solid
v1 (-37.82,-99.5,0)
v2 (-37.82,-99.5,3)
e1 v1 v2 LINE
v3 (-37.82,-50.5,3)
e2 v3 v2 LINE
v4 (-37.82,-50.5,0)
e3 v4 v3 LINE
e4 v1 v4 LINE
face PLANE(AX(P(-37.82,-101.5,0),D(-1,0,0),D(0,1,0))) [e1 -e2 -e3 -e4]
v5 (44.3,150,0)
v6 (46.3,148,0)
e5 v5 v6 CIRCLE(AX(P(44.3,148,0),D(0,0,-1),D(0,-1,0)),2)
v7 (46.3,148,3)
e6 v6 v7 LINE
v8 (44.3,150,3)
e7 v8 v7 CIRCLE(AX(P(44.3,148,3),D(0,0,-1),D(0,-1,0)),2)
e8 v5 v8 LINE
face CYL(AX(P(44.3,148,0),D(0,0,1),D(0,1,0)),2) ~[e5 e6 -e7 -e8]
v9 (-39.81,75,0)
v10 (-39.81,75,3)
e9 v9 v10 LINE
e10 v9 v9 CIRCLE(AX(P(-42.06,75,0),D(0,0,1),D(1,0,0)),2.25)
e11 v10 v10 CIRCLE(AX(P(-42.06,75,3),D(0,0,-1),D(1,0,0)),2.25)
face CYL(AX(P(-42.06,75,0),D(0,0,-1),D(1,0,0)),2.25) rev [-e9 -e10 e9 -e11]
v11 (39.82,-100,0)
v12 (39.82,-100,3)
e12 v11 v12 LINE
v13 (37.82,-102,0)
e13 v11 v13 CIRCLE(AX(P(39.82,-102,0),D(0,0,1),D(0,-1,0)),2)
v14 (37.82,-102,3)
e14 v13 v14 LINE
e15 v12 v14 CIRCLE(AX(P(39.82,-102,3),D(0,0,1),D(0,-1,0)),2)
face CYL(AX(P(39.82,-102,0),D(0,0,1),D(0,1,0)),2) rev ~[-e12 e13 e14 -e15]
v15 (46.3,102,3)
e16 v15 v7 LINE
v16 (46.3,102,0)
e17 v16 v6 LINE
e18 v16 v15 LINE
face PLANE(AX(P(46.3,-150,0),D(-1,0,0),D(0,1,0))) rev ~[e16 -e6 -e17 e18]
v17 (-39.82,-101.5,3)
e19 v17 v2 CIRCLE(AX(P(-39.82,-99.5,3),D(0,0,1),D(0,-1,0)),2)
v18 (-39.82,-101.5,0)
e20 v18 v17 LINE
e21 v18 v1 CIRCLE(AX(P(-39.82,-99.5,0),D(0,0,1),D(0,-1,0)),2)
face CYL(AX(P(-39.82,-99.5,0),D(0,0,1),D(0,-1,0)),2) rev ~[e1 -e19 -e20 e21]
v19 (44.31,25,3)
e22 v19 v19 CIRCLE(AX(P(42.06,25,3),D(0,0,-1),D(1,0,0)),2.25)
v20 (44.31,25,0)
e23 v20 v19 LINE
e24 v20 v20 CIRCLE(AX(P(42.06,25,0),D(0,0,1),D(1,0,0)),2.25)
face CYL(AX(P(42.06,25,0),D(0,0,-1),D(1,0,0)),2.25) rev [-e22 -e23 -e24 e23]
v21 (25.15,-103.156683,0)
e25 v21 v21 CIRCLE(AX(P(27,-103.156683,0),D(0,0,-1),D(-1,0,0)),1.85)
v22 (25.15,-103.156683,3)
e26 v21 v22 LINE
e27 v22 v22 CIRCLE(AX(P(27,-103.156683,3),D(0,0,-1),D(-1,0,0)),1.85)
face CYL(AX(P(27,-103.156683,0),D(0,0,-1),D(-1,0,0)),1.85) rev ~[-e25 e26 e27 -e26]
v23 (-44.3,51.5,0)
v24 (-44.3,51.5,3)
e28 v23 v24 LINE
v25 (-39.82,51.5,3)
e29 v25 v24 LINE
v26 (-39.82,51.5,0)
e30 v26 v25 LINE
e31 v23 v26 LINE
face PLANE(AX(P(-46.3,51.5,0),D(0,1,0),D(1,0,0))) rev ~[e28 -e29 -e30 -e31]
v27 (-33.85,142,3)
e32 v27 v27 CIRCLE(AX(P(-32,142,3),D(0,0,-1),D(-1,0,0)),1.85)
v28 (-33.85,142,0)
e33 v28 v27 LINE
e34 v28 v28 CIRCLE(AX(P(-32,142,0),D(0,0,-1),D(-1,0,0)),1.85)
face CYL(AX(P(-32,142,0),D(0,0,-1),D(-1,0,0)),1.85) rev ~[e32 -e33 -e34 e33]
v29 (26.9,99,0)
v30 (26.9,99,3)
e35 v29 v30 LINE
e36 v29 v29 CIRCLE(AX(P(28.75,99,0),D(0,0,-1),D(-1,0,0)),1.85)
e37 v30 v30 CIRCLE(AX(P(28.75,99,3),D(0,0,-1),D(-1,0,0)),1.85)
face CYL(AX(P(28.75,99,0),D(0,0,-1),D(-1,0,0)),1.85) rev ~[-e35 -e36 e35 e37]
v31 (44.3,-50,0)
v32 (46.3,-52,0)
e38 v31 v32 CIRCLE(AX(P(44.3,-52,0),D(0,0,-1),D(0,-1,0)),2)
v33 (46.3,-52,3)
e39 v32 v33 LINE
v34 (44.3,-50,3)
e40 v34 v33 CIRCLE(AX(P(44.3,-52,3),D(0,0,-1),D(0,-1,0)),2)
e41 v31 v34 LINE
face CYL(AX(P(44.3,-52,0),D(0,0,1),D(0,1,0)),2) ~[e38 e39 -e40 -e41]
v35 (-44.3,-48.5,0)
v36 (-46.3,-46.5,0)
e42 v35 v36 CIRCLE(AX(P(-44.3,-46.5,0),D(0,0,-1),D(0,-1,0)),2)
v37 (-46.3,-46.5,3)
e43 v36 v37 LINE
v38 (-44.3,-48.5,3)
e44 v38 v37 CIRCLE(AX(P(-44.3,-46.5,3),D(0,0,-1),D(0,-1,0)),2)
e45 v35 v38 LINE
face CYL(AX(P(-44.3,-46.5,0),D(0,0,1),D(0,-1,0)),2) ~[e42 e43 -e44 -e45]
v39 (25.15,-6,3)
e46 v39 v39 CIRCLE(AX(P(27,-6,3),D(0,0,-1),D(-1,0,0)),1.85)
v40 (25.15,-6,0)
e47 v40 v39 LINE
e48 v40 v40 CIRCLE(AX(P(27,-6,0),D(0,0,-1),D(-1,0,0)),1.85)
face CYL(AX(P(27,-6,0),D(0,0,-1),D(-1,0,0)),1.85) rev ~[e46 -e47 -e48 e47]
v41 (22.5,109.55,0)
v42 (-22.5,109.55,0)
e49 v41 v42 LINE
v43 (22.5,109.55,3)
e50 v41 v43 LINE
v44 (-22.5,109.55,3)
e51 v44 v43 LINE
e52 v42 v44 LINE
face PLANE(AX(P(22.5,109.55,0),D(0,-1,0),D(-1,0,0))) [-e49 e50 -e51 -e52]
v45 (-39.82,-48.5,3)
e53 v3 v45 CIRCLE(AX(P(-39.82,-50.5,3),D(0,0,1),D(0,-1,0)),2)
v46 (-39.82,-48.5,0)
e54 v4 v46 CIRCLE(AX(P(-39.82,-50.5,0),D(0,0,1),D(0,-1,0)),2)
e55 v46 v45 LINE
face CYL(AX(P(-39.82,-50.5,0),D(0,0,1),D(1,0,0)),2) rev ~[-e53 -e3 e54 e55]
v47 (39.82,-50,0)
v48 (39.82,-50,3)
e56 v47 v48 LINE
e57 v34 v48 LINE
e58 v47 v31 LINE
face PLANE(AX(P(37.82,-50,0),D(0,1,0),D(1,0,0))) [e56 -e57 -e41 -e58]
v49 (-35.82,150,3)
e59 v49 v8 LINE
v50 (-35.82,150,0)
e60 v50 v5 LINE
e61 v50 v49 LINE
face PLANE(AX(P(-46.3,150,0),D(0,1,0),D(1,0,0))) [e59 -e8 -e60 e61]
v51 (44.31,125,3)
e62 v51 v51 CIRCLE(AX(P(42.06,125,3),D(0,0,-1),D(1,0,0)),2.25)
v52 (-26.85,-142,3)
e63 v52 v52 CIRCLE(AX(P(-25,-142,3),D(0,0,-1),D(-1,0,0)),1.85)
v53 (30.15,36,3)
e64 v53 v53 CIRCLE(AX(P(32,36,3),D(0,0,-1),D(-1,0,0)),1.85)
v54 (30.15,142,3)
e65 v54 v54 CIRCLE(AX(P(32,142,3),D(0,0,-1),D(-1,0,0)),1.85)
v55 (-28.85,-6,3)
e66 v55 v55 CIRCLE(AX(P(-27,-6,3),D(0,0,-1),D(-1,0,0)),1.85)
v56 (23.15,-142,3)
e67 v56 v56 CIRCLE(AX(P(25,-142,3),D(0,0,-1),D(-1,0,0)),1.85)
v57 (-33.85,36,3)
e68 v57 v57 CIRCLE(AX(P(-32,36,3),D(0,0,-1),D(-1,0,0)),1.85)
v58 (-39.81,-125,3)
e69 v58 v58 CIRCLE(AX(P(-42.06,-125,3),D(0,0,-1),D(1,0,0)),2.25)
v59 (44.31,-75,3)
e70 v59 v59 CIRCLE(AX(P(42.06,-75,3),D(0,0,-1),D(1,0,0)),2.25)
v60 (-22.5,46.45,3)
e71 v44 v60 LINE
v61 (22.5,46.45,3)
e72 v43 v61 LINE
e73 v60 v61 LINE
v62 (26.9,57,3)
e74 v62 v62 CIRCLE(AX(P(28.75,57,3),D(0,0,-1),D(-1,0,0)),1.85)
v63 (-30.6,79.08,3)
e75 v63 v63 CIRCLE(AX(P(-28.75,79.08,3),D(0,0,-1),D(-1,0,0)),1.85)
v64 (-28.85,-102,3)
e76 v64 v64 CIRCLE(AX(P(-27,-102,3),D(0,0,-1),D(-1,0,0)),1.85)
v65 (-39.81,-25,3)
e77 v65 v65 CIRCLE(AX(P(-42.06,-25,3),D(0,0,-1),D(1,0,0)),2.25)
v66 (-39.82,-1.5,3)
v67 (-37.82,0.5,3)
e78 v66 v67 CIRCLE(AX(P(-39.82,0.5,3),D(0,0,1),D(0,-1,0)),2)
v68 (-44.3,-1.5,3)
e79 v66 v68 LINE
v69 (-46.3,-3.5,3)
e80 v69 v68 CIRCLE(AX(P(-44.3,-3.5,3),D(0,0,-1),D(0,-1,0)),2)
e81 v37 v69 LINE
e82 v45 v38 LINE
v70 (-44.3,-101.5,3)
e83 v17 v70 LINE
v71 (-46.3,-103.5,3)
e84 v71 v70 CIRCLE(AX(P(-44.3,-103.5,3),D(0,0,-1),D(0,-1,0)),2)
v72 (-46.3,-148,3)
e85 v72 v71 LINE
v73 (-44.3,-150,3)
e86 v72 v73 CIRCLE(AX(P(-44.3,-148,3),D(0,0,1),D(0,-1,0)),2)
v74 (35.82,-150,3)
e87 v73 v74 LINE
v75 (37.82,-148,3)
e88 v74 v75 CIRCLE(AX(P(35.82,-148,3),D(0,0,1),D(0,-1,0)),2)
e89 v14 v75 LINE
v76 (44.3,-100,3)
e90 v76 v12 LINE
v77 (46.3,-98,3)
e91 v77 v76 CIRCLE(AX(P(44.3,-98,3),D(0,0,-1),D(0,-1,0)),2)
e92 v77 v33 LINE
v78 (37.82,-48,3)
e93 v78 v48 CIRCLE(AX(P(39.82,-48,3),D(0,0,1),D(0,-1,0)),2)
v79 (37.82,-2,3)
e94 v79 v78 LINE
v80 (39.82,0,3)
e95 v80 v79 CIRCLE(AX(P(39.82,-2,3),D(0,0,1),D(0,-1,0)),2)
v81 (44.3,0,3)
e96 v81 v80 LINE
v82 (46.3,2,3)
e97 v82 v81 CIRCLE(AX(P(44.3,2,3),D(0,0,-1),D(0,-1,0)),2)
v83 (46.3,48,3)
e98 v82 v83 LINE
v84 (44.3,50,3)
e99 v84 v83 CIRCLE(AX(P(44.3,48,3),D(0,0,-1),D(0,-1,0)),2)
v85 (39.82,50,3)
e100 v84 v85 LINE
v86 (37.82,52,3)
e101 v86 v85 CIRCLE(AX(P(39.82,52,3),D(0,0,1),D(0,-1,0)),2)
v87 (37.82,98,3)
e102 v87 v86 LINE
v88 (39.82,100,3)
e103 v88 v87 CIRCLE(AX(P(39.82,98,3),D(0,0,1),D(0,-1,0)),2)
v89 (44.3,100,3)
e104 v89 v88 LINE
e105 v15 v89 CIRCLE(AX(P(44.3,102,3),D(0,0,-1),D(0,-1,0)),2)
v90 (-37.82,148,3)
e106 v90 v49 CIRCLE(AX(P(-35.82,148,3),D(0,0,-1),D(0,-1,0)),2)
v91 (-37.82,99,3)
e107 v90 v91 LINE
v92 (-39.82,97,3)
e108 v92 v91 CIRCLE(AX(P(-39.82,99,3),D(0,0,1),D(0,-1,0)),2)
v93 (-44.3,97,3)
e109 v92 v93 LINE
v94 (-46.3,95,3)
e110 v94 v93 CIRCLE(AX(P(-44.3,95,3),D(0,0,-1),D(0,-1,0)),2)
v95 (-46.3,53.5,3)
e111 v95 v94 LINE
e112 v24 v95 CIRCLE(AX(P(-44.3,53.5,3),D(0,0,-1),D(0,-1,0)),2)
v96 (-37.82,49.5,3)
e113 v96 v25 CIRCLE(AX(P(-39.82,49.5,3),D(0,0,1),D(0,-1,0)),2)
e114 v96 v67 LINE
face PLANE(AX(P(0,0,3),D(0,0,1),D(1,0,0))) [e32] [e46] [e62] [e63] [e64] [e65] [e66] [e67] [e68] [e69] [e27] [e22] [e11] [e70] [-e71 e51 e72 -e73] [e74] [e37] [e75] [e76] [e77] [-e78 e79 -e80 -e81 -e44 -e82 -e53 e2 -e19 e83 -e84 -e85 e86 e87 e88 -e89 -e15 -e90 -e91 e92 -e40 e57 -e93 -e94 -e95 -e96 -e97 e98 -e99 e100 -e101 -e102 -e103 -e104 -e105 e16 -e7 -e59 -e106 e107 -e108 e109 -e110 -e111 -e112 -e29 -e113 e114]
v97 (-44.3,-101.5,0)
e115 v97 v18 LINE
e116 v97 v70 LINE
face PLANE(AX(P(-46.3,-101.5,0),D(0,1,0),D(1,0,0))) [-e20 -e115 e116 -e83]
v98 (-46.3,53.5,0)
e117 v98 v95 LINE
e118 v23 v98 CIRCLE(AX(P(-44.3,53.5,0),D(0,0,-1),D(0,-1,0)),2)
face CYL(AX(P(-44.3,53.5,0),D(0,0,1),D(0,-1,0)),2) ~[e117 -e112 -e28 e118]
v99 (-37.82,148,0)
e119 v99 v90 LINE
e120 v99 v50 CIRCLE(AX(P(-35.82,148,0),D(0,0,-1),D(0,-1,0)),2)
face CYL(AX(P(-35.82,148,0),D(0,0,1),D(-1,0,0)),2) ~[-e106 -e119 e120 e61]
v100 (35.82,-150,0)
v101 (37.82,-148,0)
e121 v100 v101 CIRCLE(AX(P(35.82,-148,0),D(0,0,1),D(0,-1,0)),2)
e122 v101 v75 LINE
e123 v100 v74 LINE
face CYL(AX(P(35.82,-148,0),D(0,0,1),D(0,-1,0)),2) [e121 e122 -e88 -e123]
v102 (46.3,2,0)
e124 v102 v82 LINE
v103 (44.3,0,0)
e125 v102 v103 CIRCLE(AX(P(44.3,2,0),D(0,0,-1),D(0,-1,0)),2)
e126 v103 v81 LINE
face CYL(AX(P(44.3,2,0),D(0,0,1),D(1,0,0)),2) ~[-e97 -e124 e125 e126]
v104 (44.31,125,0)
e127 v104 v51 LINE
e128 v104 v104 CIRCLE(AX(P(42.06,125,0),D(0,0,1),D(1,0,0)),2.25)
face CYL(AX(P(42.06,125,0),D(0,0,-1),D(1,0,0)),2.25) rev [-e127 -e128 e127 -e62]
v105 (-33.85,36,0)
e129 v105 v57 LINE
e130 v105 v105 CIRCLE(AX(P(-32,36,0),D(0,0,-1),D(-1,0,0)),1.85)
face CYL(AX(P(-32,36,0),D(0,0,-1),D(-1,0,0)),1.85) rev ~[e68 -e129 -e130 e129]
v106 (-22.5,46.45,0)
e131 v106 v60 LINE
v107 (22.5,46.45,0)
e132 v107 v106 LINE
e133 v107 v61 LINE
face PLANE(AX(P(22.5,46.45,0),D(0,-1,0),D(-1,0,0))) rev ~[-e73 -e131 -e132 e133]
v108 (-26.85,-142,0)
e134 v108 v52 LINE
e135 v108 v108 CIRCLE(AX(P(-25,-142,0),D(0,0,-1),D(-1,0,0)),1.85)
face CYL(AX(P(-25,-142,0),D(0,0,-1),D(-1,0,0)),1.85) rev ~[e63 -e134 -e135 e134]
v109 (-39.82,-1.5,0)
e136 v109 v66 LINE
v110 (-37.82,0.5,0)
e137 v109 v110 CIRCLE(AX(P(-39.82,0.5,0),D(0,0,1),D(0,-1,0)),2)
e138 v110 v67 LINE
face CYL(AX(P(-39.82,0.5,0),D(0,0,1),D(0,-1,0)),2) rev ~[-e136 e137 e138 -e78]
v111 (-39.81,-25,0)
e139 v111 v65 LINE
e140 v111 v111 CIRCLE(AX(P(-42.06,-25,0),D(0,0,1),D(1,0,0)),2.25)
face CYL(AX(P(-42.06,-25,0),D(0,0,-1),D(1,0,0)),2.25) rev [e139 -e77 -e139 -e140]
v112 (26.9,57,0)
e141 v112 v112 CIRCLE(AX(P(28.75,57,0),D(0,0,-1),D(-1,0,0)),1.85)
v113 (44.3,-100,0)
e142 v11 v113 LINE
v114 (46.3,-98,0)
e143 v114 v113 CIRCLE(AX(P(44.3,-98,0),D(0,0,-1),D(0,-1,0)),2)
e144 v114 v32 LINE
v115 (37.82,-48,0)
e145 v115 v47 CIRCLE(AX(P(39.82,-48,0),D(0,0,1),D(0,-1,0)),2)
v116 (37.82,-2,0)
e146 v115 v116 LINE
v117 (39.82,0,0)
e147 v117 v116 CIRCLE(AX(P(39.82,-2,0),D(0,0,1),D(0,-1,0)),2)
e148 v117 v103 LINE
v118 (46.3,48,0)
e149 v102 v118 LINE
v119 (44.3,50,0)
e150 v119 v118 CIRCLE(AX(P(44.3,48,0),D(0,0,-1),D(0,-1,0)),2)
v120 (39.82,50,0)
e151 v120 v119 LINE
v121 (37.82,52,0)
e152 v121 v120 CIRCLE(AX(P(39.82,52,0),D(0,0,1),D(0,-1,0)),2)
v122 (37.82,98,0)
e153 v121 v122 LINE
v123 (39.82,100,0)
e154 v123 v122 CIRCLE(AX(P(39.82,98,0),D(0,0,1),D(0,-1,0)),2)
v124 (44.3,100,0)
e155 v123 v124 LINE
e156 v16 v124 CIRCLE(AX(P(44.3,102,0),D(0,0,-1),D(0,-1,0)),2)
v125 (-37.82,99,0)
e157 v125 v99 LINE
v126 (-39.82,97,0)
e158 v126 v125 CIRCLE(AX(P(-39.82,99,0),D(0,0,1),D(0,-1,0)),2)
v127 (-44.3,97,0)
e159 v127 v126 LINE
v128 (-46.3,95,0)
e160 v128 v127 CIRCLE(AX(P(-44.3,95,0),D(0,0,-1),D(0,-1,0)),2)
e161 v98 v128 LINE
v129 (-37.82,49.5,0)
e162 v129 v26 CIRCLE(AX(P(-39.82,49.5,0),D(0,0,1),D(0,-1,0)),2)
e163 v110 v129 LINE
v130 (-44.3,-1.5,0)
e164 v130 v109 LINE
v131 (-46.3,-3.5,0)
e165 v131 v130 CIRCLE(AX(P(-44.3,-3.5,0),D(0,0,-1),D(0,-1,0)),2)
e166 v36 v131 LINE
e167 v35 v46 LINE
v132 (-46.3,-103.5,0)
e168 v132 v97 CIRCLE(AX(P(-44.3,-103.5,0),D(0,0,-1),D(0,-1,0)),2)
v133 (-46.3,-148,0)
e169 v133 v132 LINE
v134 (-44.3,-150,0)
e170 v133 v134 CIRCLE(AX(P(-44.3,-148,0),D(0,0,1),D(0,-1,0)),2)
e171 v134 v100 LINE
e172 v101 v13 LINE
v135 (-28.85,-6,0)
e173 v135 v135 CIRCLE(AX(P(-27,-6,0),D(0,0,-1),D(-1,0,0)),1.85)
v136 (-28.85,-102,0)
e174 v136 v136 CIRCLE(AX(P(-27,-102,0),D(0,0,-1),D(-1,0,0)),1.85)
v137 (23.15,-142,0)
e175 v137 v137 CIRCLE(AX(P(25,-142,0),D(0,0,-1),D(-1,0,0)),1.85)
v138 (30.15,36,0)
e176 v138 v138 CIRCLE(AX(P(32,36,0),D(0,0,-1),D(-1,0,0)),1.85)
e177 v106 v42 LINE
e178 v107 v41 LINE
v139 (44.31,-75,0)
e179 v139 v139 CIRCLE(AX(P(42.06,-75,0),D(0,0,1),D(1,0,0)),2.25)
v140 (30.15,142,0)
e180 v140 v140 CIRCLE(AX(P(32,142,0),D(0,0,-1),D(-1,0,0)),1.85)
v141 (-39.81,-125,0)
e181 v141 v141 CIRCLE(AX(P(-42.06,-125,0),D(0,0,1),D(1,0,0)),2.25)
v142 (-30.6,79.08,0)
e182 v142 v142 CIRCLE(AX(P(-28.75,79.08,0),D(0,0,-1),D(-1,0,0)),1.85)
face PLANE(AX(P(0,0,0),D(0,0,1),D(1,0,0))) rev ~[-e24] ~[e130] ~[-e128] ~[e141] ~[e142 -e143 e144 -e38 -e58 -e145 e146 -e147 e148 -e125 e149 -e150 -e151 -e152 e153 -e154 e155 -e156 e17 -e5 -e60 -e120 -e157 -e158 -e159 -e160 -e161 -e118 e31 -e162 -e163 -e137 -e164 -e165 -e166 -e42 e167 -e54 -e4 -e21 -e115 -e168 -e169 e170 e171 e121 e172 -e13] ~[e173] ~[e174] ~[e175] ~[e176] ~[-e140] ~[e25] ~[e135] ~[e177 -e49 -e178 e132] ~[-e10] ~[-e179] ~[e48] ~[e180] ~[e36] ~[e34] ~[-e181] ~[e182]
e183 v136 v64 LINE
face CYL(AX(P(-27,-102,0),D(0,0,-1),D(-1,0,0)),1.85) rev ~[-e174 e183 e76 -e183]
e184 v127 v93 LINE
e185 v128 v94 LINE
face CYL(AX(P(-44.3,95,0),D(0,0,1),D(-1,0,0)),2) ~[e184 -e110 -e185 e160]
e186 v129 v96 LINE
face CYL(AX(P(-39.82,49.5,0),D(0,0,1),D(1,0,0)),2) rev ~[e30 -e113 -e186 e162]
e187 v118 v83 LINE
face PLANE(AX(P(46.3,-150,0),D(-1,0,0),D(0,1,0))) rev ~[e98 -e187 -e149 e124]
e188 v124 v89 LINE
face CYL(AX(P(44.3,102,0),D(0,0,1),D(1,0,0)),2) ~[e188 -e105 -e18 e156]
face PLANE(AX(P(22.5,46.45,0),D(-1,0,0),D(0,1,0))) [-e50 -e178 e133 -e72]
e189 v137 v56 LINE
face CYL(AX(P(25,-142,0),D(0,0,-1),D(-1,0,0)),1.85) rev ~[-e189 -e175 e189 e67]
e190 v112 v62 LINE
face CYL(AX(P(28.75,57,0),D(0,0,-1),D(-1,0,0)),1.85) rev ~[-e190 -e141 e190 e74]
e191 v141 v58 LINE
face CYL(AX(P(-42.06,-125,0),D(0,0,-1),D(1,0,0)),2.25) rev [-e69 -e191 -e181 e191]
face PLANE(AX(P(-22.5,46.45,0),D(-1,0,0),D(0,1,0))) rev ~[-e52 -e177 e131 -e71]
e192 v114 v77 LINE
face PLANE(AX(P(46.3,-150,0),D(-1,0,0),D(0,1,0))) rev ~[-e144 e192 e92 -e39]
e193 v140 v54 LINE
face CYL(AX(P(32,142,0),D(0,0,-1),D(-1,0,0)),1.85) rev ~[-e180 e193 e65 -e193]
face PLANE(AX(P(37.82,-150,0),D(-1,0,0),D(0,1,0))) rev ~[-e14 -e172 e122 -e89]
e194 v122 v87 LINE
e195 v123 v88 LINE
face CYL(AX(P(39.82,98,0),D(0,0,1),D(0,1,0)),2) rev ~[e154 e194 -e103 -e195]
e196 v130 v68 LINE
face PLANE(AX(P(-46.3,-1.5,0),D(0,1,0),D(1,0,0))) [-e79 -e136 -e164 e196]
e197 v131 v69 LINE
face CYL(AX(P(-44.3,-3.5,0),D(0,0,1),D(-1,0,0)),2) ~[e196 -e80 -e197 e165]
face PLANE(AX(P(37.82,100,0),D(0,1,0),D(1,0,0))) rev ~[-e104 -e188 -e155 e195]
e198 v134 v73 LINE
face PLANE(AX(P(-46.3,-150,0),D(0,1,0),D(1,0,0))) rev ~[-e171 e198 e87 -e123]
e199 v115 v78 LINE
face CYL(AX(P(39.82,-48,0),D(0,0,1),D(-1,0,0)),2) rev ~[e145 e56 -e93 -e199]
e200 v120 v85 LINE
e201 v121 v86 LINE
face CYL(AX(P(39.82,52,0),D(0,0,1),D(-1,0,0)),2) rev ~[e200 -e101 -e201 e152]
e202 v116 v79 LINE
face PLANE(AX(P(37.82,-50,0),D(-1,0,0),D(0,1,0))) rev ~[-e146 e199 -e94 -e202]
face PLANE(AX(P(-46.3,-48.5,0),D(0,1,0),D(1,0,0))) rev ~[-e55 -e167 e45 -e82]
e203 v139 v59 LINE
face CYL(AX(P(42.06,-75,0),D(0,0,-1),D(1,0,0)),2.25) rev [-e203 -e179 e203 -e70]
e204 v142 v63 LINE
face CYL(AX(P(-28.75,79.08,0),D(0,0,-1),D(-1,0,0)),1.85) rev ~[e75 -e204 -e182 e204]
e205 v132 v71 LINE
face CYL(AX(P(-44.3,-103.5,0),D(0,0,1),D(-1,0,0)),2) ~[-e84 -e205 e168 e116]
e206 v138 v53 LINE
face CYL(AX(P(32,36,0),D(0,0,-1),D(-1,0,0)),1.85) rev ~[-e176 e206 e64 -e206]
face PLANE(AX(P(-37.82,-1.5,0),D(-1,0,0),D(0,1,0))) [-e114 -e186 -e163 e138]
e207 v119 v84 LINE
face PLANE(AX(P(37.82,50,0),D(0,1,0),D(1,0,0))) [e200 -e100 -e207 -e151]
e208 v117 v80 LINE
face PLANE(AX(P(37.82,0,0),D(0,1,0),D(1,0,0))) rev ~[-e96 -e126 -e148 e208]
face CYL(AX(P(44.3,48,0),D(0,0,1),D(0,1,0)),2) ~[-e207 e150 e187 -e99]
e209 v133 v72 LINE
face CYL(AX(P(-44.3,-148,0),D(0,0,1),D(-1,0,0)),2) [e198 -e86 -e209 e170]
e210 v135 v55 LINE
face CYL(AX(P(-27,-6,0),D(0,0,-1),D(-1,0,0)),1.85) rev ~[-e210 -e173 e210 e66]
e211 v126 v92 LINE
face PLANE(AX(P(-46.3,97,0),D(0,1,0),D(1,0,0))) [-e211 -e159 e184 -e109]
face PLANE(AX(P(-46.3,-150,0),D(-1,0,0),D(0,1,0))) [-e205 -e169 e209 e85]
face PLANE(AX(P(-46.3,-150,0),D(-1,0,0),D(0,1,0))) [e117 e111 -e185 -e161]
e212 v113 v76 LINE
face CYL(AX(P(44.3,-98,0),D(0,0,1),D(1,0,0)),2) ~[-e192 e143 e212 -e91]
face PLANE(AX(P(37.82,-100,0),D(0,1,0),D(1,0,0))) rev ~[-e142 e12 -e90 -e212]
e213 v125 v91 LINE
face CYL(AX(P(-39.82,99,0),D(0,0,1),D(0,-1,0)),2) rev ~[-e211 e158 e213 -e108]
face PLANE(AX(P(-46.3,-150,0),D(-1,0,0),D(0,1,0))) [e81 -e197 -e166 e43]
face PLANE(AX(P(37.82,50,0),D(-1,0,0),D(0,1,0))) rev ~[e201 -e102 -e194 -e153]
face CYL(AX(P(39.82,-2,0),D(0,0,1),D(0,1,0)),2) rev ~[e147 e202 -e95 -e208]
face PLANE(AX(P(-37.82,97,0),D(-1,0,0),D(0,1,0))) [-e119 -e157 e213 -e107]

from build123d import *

# Parameters (mm, degrees)
SKETCH1_W           = 92.6
SKETCH1_H           = 300
BOSS_EXTRUDE1_DEPTH = 3
SKETCH2_R           = 2.25
SKETCH2_W           = 8.48
SKETCH2_H           = 53
SKETCH2_H_2         = 50
CUT_EXTRUDE5_DEPTH  = 10
FILLET3_R           = 2
SKETCH4_R           = 1.85
CUT_EXTRUDE6_DEPTH  = 10
SKETCH5_R           = 1.85
CUT_EXTRUDE7_DEPTH  = 5
SKETCH6_W           = 45
SKETCH6_H           = 63.1
CUT_EXTRUDE8_DEPTH  = 10


with BuildPart() as part:
    # Sketch1 → Boss-Extrude1 (new body)
    with BuildSketch(Plane.XY):
        Rectangle(SKETCH1_W, SKETCH1_H)
    extrude(amount=BOSS_EXTRUDE1_DEPTH)

    # Sketch2 → Cut-Extrude5 (cut)
    with BuildSketch(Plane.XY):
        with Locations((-42.06, 75)):
            Circle(SKETCH2_R)
        with Locations((42.06, 125)):
            Circle(SKETCH2_R)
        with Locations((42.06, 25)):
            Circle(SKETCH2_R)
        with Locations((42.06, -75)):
            Circle(SKETCH2_R)
        with Locations((-42.06, -25)):
            Circle(SKETCH2_R)
        with Locations((-42.06, -125)):
            Circle(SKETCH2_R)
        with Locations((-42.06, 123.5)):
            Rectangle(SKETCH2_W, SKETCH2_H)
        with Locations((42.06, 75)):
            Rectangle(SKETCH2_W, SKETCH2_H_2)
        with Locations((42.06, -25)):
            Rectangle(SKETCH2_W, SKETCH2_H_2)
        with Locations((-42.06, 25)):
            Rectangle(SKETCH2_W, SKETCH2_H)
        with Locations((-42.06, -75)):
            Rectangle(SKETCH2_W, SKETCH2_H)
        with Locations((42.06, -125)):
            Rectangle(SKETCH2_W, SKETCH2_H_2)
    extrude(amount=CUT_EXTRUDE5_DEPTH, mode=Mode.SUBTRACT)

    # Fillet3
    fillet3_edges = [part.edges().sort_by_distance(p)[0] for p in [
        (46.3, -100, 1.5),
        (37.82, -100, 1.5),
        (37.82, -150, 1.5),
        (46.3, 50, 1.5),
        (46.3, 100, 1.5),
        (37.82, 100, 1.5),
        (37.82, 50, 1.5),
        (-46.3, -48.5, 1.5),
        (-46.3, -101.5, 1.5),
        (-37.82, -101.5, 1.5),
        (-37.82, -48.5, 1.5),
        (37.82, 0, 1.5),
        (37.82, -50, 1.5),
        (46.3, -50, 1.5),
        (46.3, 0, 1.5),
        (46.3, 150, 1.5),
        (-46.3, 51.5, 1.5),
        (-46.3, -150, 1.5),
        (-46.3, -1.5, 1.5),
        (-37.82, -1.5, 1.5),
        (-37.82, 51.5, 1.5),
        (-46.3, 97, 1.5),
        (-37.82, 97, 1.5),
        (-37.82, 150, 1.5),
    ]]
    fillet(fillet3_edges, radius=FILLET3_R)

    # Sketch4 → Cut-Extrude6 (cut)
    with BuildSketch(Plane(origin=(0, 0, 0), x_dir=(-1, 0, 0), z_dir=(0, 0, -1))):
        with Locations((-25, -142)):
            Circle(SKETCH4_R)
        with Locations((25, -142)):
            Circle(SKETCH4_R)
        with Locations((32, 142)):
            Circle(SKETCH4_R)
        with Locations((-32, 142)):
            Circle(SKETCH4_R)
    extrude(amount=-CUT_EXTRUDE6_DEPTH, mode=Mode.SUBTRACT)

    # Sketch5 → Cut-Extrude7 (cut)
    with BuildSketch(Plane(origin=(0, 0, 0), x_dir=(-1, 0, 0), z_dir=(0, 0, -1))):
        with Locations((-28.75, 99)):
            Circle(SKETCH5_R)
        with Locations((28.75, 79.08)):
            Circle(SKETCH5_R)
        with Locations((-28.75, 57)):
            Circle(SKETCH5_R)
        with Locations((-32, 36)):
            Circle(SKETCH5_R)
        with Locations((32, 36)):
            Circle(SKETCH5_R)
        with Locations((-27, -6)):
            Circle(SKETCH5_R)
        with Locations((27, -6)):
            Circle(SKETCH5_R)
        with Locations((-27, -103.156683368)):
            Circle(SKETCH5_R)
        with Locations((27, -102)):
            Circle(SKETCH5_R)
    extrude(amount=-CUT_EXTRUDE7_DEPTH, mode=Mode.SUBTRACT)

    # Sketch6 → Cut-Extrude8 (cut)
    with BuildSketch(Plane(origin=(0, 0, 0), x_dir=(-1, 0, 0), z_dir=(0, 0, -1))):
        with Locations((0, 78)):
            Rectangle(SKETCH6_W, SKETCH6_H)
    extrude(amount=-CUT_EXTRUDE8_DEPTH, mode=Mode.SUBTRACT)


solid = part.part
